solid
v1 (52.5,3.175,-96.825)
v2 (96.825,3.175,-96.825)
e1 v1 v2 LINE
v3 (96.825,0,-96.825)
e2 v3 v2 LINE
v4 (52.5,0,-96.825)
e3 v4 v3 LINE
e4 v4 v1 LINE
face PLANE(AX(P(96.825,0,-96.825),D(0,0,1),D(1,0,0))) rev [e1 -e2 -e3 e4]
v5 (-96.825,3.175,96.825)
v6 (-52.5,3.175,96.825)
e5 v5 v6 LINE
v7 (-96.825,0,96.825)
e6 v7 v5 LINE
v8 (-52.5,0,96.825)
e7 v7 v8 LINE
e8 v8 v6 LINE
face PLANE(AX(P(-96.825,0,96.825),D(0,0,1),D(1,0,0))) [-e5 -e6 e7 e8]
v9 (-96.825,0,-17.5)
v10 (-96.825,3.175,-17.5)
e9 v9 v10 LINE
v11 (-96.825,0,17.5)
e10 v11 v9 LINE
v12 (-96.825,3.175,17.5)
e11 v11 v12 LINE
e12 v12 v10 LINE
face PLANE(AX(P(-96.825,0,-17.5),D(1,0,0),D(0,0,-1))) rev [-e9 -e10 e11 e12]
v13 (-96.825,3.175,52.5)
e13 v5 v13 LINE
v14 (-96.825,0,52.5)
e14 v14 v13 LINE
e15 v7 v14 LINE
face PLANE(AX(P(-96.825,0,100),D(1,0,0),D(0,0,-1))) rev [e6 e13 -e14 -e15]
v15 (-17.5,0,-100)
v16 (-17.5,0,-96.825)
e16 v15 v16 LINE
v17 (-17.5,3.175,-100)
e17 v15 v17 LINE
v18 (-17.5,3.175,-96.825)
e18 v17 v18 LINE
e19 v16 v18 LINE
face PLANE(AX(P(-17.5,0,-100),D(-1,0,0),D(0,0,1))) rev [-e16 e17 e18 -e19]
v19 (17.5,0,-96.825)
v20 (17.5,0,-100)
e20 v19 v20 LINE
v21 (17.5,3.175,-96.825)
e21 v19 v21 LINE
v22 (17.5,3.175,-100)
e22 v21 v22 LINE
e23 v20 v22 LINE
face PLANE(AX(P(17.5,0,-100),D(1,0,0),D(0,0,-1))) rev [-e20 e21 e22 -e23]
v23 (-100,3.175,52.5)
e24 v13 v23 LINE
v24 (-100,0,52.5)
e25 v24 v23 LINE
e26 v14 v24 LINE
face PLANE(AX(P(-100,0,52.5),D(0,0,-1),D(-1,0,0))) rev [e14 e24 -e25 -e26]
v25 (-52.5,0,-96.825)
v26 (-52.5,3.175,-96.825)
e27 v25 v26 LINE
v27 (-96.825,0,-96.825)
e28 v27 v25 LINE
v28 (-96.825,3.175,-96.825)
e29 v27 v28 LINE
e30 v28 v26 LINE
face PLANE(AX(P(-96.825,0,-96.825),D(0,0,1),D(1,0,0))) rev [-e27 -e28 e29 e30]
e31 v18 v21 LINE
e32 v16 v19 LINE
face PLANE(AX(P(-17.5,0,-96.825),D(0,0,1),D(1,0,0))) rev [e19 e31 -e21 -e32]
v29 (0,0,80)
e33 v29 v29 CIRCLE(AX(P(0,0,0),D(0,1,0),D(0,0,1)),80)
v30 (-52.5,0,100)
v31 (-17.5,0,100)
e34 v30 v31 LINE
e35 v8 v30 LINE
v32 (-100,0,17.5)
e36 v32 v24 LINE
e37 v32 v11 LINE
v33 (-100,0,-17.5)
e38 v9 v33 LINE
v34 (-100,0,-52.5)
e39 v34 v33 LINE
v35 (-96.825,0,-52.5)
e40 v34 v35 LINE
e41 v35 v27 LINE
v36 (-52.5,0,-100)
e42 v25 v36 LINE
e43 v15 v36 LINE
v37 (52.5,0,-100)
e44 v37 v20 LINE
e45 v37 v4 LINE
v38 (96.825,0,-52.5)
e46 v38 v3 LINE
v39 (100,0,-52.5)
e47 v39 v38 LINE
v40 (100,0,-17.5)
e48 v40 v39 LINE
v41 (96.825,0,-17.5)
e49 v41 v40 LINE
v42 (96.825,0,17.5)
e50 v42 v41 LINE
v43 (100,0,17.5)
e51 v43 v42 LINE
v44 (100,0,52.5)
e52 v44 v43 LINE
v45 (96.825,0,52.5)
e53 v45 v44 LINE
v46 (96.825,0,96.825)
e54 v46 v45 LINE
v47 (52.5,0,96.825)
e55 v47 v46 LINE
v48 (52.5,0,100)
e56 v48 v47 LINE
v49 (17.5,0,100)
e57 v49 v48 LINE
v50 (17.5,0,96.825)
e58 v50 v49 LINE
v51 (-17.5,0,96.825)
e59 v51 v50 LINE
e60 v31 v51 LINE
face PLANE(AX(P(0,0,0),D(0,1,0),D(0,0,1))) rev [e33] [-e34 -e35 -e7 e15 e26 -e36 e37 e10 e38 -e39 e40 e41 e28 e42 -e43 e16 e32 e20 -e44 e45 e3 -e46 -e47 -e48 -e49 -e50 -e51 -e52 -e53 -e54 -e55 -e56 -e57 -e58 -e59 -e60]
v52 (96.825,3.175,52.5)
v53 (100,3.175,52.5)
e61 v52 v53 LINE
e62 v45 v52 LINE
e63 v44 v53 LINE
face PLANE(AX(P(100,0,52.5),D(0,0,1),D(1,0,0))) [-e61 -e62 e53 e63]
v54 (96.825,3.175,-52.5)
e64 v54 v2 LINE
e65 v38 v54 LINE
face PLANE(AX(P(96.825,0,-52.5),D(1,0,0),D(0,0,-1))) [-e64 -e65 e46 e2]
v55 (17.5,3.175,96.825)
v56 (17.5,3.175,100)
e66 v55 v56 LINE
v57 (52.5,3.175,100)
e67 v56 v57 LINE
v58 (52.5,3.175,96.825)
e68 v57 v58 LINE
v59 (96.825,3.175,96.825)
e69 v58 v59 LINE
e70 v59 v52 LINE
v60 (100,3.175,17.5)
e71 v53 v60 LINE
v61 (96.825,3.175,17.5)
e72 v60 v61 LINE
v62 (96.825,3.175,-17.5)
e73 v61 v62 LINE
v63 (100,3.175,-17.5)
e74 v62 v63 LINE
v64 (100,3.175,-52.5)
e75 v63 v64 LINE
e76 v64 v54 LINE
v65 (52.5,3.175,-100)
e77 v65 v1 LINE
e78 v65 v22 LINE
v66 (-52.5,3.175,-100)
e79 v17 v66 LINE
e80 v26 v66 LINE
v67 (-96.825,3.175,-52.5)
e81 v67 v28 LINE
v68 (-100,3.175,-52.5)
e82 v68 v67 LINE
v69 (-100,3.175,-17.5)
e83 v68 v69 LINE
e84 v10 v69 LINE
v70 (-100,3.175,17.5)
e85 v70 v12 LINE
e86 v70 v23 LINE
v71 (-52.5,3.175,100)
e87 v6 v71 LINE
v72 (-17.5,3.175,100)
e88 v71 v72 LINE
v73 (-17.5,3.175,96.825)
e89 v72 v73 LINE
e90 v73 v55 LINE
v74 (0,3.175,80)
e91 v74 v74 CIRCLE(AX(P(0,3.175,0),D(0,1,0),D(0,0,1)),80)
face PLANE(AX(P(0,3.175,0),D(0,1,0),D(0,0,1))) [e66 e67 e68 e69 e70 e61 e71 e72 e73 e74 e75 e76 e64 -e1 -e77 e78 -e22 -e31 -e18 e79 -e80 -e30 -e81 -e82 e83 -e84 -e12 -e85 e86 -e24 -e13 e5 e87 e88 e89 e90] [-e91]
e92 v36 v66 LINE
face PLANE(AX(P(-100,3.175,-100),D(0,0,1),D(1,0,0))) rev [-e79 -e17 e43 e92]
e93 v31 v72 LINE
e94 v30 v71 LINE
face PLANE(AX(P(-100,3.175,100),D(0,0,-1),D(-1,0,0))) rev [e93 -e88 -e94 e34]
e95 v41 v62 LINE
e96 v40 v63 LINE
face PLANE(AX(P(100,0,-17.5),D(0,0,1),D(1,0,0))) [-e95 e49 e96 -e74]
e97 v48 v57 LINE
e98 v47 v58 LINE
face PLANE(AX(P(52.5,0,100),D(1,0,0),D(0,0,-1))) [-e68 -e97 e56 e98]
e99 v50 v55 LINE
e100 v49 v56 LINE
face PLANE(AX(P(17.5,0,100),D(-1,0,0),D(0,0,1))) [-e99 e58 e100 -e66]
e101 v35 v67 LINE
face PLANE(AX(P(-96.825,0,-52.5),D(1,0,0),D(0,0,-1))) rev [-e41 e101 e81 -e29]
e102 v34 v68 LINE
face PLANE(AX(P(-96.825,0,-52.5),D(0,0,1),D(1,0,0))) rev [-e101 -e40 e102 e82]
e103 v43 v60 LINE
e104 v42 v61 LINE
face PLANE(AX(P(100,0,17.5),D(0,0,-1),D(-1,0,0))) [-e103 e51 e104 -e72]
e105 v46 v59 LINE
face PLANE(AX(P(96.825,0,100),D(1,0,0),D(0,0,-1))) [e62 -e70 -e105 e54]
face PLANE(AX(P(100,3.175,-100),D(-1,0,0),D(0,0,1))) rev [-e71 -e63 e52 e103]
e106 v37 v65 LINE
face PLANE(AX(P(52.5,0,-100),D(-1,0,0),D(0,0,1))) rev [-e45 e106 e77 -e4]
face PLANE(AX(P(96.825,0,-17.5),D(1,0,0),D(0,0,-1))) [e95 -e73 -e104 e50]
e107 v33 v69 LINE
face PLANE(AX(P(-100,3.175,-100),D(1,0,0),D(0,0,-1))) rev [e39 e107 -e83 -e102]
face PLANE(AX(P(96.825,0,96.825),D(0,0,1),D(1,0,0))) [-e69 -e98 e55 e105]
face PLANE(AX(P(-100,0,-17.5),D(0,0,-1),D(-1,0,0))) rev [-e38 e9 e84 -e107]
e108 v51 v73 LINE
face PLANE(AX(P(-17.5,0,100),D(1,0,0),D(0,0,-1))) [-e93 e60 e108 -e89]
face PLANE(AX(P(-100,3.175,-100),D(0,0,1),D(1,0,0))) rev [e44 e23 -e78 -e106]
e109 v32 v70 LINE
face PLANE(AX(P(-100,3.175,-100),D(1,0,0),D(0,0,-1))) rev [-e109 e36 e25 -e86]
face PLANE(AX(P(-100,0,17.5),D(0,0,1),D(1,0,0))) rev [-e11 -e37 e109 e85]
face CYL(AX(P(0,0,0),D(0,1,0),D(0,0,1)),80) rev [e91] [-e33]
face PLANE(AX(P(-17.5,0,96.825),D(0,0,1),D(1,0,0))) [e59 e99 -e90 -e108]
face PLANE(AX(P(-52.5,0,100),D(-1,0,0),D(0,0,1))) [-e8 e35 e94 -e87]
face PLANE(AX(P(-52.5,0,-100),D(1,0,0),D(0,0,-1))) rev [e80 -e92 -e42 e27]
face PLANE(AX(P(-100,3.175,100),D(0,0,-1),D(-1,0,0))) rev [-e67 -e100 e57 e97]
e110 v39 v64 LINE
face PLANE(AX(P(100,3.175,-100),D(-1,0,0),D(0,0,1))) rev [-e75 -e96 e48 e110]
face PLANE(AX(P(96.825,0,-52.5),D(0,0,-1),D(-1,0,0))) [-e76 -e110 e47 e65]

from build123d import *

# Parameters (mm, degrees)
ESQUISSE1_W             = 200
ESQUISSE1_H             = 200
BOSS_EXTRU_1_DEPTH      = 3.175
ESQUISSE2_W             = 3.175
ESQUISSE2_H             = 35
ESQUISSE2_H_2           = 47.5
ENL_V_MAT_EXTRU_1_DEPTH = 3.175
ESQUISSE4_W             = 44.325
ESQUISSE4_H             = 3.175
ESQUISSE4_W_2           = 35
ENL_V_MAT_EXTRU_3_DEPTH = 3.175
ESQUISSE3_R             = 80
ENL_V_MAT_EXTRU_2_DEPTH = 3.175


with BuildPart() as part:
    # Esquisse1 → Boss.-Extru.1 (new body)
    with BuildSketch(Plane(origin=(0, 0, 0), x_dir=(1, 0, 0), z_dir=(0, 1, 0))):
        Rectangle(ESQUISSE1_W, ESQUISSE1_H)
    extrude(amount=BOSS_EXTRU_1_DEPTH)

    # Esquisse2 → Enlèv. mat.-Extru.1 (cut)
    with BuildSketch(Plane(origin=(0, 3.175, 0), x_dir=(1, 0, 0), z_dir=(0, 1, 0))):
        with Locations((-98.4125, 0)):
            Rectangle(ESQUISSE2_W, ESQUISSE2_H)
        with Locations((-98.4125, 76.25)):
            Rectangle(ESQUISSE2_W, ESQUISSE2_H_2)
        with Locations((-98.4125, -76.25)):
            Rectangle(ESQUISSE2_W, ESQUISSE2_H_2)
    enl_v_mat_extru_1 = extrude(amount=-ENL_V_MAT_EXTRU_1_DEPTH, mode=Mode.SUBTRACT)

    # Symétrie1: Enlèv. mat.-Extru.1 across plane
    add(enl_v_mat_extru_1.mirror(Plane(origin=(0, 0, 0), x_dir=(0, 0, 1), z_dir=(1, 0, 0))), mode=Mode.SUBTRACT)

    # Esquisse4 → Enlèv. mat.-Extru.3 (cut)
    with BuildSketch(Plane(origin=(0, 3.175, 0), x_dir=(1, 0, 0), z_dir=(0, 1, 0))):
        with Locations((-74.6625, 98.4125)):
            Rectangle(ESQUISSE4_W, ESQUISSE4_H)
        with Locations((0, 98.4125)):
            Rectangle(ESQUISSE4_W_2, ESQUISSE4_H)
        with Locations((74.6625, 98.4125)):
            Rectangle(ESQUISSE4_W, ESQUISSE4_H)
    enl_v_mat_extru_3 = extrude(amount=-ENL_V_MAT_EXTRU_3_DEPTH, mode=Mode.SUBTRACT)

    # Symétrie2: Enlèv. mat.-Extru.3 across plane
    add(enl_v_mat_extru_3.mirror(Plane.XY), mode=Mode.SUBTRACT)

    # Esquisse3 → Enlèv. mat.-Extru.2 (cut)
    with BuildSketch(Plane(origin=(0, 3.175, 0), x_dir=(1, 0, 0), z_dir=(0, 1, 0))):
        Circle(ESQUISSE3_R)
    extrude(amount=-ENL_V_MAT_EXTRU_2_DEPTH, mode=Mode.SUBTRACT)


solid = part.part
